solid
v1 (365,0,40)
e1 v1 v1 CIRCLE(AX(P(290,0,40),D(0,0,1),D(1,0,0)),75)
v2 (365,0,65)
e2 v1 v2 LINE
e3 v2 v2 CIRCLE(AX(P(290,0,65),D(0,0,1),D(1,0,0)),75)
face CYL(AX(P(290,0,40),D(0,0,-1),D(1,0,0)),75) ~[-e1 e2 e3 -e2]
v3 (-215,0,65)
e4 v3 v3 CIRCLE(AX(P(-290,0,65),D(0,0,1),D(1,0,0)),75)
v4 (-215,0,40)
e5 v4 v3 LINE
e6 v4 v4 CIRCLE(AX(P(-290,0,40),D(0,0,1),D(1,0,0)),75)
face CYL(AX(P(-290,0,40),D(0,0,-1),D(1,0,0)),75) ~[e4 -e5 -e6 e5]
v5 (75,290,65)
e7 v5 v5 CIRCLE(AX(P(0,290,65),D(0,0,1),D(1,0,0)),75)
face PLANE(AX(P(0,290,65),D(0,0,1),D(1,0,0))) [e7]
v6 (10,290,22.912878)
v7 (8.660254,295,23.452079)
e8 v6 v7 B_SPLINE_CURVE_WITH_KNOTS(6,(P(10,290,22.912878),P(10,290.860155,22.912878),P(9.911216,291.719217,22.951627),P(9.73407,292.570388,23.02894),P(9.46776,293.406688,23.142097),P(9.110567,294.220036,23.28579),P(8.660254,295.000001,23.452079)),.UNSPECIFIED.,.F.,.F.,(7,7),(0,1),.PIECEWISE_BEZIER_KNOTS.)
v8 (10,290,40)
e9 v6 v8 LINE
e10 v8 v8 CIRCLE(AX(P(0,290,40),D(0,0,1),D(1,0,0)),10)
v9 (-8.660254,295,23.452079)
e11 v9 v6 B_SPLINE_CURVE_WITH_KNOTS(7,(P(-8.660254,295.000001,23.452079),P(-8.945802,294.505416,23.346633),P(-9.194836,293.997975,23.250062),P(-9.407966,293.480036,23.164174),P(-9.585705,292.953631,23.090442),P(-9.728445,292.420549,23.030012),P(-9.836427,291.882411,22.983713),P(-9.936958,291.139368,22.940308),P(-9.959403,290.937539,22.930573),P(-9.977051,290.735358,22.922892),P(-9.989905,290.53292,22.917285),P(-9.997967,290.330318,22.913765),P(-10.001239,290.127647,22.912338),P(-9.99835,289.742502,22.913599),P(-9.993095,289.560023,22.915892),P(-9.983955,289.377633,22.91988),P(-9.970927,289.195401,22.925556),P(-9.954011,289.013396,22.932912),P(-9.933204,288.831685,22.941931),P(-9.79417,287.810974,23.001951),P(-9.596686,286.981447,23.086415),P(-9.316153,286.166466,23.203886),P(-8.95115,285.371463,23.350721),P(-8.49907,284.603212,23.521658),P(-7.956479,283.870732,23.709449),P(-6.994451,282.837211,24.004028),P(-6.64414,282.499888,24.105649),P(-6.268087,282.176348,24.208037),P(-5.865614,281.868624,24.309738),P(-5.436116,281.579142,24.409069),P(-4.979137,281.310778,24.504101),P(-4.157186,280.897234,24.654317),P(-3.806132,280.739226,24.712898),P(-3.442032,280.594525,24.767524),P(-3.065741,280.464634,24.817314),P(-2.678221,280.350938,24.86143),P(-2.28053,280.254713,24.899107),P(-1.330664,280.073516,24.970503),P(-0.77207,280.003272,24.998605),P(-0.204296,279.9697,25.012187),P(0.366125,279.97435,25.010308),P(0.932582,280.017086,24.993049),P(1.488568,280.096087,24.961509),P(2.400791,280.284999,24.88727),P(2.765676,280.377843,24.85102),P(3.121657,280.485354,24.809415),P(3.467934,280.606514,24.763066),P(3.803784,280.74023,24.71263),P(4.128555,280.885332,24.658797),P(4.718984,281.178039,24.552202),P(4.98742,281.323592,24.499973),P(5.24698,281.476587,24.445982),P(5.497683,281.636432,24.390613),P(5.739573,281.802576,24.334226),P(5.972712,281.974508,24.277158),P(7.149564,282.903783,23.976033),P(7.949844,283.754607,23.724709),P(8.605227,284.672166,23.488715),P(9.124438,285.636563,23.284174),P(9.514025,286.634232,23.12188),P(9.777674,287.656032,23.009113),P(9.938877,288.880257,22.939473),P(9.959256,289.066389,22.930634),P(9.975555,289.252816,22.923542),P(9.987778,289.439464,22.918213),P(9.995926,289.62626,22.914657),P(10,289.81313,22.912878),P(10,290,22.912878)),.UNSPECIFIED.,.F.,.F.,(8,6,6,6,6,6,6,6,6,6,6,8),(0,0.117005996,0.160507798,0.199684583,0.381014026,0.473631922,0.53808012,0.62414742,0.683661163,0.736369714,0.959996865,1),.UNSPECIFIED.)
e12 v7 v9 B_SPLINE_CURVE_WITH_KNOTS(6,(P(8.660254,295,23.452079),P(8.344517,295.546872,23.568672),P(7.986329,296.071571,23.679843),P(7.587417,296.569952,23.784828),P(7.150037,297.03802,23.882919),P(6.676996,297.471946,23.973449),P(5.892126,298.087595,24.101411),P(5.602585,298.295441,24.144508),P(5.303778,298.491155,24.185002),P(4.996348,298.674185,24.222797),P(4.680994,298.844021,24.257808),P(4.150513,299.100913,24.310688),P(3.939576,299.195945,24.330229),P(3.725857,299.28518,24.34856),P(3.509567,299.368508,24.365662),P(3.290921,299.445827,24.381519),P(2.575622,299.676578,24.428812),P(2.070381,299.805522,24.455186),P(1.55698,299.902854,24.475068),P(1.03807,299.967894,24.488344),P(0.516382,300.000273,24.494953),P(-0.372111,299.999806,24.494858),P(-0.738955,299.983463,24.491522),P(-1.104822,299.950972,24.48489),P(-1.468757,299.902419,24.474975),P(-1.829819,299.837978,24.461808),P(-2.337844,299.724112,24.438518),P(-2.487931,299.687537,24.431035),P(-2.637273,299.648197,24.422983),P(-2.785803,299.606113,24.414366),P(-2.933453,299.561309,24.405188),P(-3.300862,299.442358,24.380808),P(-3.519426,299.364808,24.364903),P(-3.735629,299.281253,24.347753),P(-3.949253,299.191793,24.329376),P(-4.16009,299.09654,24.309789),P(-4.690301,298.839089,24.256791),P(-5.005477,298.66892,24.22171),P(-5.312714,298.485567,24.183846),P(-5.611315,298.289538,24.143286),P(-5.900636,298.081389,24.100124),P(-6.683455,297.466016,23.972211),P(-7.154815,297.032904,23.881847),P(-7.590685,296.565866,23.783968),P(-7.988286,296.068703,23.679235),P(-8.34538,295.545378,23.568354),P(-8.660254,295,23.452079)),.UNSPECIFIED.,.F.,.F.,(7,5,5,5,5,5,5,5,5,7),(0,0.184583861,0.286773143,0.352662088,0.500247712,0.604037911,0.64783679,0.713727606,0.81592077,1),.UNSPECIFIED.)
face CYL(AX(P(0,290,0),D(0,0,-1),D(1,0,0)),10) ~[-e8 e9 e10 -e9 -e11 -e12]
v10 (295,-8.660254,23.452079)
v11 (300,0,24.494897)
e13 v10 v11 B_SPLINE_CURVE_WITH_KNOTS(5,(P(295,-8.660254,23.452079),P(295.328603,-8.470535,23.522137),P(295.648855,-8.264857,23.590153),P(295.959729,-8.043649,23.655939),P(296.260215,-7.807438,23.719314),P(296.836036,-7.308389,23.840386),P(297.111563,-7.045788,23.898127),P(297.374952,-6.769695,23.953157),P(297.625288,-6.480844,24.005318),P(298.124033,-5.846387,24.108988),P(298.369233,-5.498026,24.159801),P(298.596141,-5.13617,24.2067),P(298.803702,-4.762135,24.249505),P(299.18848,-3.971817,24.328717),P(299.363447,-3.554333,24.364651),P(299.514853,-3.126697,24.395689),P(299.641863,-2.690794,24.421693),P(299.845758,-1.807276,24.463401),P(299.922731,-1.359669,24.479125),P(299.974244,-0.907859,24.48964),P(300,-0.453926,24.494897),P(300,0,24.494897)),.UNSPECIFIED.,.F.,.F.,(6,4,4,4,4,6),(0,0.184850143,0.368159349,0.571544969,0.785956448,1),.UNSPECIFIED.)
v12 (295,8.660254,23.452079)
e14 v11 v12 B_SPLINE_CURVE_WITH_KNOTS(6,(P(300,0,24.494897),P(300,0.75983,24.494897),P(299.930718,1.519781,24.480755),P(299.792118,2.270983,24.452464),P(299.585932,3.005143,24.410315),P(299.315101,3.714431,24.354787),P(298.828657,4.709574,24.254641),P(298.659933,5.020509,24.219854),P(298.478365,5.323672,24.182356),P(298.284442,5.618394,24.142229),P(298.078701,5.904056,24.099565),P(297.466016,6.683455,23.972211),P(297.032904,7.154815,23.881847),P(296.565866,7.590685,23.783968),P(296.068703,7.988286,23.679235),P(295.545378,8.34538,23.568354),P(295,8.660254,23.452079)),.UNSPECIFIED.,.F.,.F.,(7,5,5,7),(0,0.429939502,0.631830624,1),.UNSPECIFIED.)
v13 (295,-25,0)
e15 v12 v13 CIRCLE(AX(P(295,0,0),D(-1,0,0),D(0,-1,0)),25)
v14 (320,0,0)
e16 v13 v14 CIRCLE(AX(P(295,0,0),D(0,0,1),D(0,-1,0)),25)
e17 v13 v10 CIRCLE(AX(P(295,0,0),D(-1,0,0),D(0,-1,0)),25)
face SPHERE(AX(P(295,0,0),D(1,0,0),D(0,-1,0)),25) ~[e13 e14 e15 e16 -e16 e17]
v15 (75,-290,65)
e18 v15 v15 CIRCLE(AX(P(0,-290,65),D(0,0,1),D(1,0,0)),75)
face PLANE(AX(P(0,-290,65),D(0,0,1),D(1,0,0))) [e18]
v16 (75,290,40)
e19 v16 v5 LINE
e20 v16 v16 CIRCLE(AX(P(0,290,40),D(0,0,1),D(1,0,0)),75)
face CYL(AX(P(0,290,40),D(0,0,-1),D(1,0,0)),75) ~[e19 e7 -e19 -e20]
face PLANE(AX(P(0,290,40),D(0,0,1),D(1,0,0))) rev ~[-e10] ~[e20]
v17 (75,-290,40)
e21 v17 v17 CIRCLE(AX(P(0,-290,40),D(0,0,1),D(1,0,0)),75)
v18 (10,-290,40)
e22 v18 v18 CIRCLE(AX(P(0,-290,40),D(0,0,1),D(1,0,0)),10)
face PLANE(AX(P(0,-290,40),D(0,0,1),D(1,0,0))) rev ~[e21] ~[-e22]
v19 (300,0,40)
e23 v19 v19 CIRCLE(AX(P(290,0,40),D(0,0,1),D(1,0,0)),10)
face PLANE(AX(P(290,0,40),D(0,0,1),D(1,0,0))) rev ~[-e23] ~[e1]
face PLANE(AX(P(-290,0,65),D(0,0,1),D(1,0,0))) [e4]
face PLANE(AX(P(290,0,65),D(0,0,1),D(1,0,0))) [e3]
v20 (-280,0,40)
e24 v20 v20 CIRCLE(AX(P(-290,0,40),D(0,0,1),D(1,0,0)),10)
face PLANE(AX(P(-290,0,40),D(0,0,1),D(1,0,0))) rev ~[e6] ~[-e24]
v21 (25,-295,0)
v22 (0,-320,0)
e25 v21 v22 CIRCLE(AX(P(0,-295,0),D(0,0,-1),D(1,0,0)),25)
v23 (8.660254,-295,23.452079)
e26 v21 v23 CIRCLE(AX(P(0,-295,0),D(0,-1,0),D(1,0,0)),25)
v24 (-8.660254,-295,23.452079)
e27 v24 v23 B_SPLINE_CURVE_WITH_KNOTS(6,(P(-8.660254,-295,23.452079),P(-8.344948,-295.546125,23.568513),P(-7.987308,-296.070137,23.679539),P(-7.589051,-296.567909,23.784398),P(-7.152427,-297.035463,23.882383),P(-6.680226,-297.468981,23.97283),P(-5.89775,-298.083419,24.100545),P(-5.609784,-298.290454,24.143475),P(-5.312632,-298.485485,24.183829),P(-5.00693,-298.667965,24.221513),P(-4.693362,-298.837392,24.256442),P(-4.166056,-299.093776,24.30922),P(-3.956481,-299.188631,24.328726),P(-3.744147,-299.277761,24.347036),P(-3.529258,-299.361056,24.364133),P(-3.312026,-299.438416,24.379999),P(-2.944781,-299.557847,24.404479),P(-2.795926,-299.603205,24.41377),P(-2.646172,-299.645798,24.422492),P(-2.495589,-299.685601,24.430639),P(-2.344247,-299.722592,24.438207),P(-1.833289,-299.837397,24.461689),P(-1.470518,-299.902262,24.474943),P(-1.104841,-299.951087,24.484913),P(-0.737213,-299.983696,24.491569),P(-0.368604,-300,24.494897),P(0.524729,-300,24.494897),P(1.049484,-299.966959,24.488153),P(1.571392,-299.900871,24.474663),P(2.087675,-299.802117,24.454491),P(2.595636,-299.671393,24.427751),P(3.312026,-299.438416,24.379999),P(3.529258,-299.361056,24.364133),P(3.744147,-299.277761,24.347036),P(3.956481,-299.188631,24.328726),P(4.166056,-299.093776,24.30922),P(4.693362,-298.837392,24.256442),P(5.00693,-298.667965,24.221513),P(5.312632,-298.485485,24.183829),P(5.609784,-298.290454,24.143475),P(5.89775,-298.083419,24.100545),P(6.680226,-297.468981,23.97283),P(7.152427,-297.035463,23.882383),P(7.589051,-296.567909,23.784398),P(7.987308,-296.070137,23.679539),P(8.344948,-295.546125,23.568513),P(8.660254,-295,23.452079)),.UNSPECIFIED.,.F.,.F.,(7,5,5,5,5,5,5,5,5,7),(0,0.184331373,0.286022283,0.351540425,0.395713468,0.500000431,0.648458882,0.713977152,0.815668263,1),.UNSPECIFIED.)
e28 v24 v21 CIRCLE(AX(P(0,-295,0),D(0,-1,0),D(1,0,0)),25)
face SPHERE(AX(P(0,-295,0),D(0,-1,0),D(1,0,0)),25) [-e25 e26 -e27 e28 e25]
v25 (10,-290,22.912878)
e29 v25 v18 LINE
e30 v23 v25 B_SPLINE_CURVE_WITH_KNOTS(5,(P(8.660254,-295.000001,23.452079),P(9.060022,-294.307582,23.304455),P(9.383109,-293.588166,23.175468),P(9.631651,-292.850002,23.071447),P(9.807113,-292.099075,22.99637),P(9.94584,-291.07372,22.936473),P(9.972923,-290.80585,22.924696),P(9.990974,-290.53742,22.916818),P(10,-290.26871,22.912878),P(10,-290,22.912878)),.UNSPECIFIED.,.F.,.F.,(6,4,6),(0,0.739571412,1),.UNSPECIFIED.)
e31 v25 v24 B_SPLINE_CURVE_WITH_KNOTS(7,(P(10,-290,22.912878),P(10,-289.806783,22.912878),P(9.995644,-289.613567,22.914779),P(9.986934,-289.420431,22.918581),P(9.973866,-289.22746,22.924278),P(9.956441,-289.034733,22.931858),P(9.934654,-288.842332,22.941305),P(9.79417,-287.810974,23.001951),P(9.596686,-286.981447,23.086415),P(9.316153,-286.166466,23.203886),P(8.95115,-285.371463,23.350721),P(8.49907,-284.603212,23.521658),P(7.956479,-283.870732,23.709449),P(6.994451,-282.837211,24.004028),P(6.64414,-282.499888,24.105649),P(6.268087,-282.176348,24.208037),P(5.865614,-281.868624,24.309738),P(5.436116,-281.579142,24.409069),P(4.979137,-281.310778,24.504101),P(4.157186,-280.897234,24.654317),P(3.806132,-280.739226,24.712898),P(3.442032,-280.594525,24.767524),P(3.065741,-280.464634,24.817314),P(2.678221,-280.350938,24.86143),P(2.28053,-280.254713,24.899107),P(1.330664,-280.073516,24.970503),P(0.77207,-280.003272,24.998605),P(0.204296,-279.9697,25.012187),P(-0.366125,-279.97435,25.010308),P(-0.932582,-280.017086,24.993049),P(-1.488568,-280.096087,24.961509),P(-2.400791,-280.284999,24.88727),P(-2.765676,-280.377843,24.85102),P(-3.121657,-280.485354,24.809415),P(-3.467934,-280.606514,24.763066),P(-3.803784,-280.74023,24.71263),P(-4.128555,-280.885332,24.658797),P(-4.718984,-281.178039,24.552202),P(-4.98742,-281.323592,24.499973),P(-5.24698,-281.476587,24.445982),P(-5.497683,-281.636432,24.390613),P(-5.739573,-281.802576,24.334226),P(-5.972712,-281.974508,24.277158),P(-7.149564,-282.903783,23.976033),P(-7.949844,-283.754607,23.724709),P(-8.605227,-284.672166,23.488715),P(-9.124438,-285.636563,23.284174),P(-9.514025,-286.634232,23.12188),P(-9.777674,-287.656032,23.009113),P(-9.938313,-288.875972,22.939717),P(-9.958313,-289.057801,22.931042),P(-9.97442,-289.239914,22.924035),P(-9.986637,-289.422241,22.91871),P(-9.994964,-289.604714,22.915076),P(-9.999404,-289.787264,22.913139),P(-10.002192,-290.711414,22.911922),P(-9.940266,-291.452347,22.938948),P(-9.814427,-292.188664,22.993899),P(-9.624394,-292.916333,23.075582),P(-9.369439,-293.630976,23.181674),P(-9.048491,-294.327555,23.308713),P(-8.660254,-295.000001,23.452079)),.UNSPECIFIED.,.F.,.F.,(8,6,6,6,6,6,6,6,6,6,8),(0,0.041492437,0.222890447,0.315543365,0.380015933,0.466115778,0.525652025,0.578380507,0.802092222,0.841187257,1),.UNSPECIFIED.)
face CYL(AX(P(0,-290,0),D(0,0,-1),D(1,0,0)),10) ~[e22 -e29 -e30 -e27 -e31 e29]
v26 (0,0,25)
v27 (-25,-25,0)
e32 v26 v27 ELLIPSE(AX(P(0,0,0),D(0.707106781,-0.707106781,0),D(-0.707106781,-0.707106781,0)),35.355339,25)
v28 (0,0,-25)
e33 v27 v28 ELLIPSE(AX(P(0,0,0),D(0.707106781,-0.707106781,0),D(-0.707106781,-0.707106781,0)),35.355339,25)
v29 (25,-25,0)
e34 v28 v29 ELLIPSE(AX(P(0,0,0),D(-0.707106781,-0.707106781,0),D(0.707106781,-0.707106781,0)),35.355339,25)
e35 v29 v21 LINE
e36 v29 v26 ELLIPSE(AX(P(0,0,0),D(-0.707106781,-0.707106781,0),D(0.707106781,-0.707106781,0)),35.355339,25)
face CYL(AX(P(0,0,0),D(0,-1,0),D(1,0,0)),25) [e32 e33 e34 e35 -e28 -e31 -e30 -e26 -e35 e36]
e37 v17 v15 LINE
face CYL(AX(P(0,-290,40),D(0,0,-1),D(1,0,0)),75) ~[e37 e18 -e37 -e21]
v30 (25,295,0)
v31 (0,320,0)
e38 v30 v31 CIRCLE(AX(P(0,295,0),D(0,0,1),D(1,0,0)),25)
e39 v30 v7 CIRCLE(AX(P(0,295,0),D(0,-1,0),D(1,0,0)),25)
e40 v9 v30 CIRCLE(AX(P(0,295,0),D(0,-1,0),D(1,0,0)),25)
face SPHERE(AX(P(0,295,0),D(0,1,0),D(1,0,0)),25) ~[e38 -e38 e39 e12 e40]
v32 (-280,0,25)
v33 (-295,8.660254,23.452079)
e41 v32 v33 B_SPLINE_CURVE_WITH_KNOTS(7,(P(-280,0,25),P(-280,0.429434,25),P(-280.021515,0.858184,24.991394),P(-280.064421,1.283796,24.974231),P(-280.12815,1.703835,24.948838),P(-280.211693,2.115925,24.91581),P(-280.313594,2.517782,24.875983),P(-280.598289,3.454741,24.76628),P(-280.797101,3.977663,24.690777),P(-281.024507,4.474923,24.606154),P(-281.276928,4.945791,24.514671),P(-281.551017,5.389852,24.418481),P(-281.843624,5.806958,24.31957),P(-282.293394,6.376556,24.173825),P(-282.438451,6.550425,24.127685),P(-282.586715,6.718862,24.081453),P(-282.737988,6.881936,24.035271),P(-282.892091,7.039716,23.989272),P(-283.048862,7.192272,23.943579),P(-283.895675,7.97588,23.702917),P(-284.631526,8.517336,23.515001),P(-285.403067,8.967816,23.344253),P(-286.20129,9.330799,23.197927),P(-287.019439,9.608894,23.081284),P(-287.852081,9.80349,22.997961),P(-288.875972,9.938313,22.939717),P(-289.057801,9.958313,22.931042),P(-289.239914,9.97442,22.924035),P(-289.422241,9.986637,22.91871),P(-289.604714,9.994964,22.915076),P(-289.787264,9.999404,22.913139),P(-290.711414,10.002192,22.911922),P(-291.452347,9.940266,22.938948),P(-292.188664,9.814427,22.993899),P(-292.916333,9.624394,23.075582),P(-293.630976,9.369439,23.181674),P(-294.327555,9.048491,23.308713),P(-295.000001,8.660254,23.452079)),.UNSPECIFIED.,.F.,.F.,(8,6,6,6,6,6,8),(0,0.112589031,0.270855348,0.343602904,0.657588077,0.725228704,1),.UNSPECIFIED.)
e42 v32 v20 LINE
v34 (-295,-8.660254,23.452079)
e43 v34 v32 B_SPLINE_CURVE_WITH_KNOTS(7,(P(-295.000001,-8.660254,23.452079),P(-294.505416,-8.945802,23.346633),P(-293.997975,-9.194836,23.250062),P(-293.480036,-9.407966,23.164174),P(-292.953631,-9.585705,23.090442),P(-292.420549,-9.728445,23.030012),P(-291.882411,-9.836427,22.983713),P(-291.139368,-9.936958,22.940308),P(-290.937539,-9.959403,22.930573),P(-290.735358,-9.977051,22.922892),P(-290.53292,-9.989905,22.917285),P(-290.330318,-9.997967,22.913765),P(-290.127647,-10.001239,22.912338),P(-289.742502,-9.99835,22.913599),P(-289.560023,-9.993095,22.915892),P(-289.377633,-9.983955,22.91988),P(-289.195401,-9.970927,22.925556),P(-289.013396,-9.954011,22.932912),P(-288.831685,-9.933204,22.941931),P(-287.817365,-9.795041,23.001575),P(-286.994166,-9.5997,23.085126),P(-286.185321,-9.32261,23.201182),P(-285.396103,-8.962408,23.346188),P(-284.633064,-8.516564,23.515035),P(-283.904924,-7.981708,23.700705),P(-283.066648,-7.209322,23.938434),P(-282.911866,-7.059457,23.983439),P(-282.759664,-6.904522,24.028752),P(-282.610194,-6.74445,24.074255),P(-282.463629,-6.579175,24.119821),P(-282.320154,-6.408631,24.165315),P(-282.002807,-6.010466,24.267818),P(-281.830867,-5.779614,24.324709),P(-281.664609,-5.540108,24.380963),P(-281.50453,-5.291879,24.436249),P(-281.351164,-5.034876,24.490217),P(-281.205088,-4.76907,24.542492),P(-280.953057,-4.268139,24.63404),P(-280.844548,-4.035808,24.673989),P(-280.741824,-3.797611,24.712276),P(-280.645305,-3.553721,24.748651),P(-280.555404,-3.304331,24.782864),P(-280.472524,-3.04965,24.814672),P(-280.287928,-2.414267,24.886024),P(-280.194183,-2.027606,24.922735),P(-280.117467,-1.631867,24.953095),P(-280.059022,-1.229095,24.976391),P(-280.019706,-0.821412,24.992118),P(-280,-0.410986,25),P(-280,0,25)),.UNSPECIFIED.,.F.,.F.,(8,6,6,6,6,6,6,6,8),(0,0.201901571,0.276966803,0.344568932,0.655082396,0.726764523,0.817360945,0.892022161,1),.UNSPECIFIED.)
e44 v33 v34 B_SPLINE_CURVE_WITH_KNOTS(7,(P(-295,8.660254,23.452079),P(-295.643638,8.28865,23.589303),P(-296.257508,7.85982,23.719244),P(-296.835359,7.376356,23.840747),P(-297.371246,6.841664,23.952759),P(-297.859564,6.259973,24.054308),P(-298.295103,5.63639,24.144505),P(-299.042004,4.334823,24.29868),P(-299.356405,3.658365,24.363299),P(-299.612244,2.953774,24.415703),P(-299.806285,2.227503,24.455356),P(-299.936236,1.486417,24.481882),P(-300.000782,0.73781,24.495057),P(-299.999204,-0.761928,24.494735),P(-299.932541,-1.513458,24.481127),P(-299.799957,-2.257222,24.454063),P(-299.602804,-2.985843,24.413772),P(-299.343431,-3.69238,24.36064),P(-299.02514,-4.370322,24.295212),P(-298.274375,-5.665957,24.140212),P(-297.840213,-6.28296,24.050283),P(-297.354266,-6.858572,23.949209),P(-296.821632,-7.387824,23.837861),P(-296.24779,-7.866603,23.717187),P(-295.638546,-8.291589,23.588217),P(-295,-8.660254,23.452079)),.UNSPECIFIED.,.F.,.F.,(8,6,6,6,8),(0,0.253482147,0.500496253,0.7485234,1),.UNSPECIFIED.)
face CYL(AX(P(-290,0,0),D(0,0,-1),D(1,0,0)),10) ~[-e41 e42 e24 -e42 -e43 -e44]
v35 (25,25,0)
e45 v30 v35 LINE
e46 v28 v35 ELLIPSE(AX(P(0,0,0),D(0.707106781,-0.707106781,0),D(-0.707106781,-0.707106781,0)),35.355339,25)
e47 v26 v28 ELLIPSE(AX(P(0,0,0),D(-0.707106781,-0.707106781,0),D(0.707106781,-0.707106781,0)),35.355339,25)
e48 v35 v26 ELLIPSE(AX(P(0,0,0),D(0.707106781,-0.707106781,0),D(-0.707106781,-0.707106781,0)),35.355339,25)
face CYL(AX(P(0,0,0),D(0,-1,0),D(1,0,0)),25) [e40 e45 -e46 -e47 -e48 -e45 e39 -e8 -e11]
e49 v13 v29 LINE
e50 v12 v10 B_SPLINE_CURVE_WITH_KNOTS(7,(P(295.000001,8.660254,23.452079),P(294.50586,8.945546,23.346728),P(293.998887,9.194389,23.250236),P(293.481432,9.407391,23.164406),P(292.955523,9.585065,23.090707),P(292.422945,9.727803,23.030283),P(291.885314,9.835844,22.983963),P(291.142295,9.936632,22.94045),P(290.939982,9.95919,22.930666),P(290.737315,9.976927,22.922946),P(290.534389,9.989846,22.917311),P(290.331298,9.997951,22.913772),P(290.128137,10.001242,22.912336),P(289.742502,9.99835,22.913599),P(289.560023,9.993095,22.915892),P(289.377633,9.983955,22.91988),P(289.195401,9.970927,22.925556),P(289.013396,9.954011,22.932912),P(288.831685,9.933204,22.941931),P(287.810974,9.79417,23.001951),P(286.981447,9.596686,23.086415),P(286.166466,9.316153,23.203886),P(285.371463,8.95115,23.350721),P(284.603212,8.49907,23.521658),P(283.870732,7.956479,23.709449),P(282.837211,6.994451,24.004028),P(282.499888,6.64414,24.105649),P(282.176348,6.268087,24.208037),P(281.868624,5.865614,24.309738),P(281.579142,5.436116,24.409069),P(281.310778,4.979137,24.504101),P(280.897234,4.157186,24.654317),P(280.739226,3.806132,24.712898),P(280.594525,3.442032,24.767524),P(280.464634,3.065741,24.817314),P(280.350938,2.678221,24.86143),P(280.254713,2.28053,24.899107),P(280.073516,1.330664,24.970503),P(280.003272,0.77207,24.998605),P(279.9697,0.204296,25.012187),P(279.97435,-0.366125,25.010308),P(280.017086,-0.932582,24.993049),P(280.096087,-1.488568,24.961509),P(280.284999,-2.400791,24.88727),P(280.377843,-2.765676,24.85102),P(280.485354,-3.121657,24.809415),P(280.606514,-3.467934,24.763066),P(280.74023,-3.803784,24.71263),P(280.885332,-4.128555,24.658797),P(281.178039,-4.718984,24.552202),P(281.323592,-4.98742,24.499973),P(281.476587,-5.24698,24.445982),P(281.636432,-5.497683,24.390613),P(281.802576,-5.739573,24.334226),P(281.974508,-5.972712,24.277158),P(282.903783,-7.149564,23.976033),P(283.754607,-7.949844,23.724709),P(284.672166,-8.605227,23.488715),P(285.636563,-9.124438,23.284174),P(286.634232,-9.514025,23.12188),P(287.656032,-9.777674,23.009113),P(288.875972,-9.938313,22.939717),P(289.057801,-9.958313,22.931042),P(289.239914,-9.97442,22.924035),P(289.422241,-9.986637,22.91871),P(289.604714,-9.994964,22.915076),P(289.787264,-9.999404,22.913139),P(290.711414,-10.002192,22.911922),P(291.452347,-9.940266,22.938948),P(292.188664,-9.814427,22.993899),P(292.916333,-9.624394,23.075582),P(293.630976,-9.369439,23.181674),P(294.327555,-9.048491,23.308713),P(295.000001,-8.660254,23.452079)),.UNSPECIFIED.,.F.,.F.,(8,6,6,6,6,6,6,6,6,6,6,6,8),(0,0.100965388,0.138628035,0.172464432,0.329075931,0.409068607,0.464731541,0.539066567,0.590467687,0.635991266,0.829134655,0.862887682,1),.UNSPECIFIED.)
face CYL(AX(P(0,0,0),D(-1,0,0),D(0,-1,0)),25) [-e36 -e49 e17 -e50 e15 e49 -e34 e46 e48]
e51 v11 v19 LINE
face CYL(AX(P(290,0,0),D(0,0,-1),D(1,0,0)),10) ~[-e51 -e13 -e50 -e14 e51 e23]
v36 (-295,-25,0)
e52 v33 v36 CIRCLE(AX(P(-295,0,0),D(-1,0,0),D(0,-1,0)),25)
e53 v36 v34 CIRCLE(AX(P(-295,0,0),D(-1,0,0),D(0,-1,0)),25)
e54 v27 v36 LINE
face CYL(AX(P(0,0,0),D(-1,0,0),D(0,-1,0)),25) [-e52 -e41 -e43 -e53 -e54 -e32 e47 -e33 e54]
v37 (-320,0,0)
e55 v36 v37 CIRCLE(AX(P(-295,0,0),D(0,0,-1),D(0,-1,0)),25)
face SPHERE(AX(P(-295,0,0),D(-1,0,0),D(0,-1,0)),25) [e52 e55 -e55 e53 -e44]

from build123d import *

# Parameters (mm, degrees)
F0_R     = 25
F1_DEPTH = 320
F2_COUNT = 2
F2_ANGLE = 90
F3_R     = 25
F4_R     = 10
F5_DEPTH = 40
F7_R     = 75
F8_DEPTH = 25


with BuildPart() as f1:
    # F0 (on Front) → F1 (new body, symmetric)
    with BuildSketch(Plane.XZ):
        Circle(F0_R)
    extrude(amount=F1_DEPTH, both=True)

    # F2: F1 ×2 about axis
    f2_axis = Axis((0, 0, 1.4691501971), (0, 0, -1))


with BuildPart() as f1_1:
    add(f1.part)
    for i in range(1, F2_COUNT):
        add(f1.part.rotate(f2_axis, i * F2_ANGLE / (F2_COUNT - 1)))

    # F3
    f3_edges = [f1_1.edges().sort_by_distance(p)[0] for p in [
        (-25, -320, 0),
        (320, 25, 0),
        (-25, 320, 0),
        (-320, 25, 0),
    ]]
    fillet(f3_edges, radius=F3_R)

    # F4 (on Top) → F5 (join)
    with BuildSketch(Plane.XY):
        with Locations((-290, 0)):
            Circle(F4_R)
        with Locations((0, -290)):
            Circle(F4_R)
        with Locations((290, 0)):
            Circle(F4_R)
        with Locations((0, 290)):
            Circle(F4_R)
    extrude(amount=F5_DEPTH)

    # F7 (on offset) → F8 (join)
    with BuildSketch(Plane.XY.offset(40)):
        with Locations((-290, 0)):
            Circle(F7_R)
        with Locations((-3.72e-08, 290)):
            Circle(F7_R)
        with Locations((290, 7.44e-08)):
            Circle(F7_R)
        with Locations((1.116e-07, -290)):
            Circle(F7_R)
    extrude(amount=F8_DEPTH)


solid = f1_1.part
